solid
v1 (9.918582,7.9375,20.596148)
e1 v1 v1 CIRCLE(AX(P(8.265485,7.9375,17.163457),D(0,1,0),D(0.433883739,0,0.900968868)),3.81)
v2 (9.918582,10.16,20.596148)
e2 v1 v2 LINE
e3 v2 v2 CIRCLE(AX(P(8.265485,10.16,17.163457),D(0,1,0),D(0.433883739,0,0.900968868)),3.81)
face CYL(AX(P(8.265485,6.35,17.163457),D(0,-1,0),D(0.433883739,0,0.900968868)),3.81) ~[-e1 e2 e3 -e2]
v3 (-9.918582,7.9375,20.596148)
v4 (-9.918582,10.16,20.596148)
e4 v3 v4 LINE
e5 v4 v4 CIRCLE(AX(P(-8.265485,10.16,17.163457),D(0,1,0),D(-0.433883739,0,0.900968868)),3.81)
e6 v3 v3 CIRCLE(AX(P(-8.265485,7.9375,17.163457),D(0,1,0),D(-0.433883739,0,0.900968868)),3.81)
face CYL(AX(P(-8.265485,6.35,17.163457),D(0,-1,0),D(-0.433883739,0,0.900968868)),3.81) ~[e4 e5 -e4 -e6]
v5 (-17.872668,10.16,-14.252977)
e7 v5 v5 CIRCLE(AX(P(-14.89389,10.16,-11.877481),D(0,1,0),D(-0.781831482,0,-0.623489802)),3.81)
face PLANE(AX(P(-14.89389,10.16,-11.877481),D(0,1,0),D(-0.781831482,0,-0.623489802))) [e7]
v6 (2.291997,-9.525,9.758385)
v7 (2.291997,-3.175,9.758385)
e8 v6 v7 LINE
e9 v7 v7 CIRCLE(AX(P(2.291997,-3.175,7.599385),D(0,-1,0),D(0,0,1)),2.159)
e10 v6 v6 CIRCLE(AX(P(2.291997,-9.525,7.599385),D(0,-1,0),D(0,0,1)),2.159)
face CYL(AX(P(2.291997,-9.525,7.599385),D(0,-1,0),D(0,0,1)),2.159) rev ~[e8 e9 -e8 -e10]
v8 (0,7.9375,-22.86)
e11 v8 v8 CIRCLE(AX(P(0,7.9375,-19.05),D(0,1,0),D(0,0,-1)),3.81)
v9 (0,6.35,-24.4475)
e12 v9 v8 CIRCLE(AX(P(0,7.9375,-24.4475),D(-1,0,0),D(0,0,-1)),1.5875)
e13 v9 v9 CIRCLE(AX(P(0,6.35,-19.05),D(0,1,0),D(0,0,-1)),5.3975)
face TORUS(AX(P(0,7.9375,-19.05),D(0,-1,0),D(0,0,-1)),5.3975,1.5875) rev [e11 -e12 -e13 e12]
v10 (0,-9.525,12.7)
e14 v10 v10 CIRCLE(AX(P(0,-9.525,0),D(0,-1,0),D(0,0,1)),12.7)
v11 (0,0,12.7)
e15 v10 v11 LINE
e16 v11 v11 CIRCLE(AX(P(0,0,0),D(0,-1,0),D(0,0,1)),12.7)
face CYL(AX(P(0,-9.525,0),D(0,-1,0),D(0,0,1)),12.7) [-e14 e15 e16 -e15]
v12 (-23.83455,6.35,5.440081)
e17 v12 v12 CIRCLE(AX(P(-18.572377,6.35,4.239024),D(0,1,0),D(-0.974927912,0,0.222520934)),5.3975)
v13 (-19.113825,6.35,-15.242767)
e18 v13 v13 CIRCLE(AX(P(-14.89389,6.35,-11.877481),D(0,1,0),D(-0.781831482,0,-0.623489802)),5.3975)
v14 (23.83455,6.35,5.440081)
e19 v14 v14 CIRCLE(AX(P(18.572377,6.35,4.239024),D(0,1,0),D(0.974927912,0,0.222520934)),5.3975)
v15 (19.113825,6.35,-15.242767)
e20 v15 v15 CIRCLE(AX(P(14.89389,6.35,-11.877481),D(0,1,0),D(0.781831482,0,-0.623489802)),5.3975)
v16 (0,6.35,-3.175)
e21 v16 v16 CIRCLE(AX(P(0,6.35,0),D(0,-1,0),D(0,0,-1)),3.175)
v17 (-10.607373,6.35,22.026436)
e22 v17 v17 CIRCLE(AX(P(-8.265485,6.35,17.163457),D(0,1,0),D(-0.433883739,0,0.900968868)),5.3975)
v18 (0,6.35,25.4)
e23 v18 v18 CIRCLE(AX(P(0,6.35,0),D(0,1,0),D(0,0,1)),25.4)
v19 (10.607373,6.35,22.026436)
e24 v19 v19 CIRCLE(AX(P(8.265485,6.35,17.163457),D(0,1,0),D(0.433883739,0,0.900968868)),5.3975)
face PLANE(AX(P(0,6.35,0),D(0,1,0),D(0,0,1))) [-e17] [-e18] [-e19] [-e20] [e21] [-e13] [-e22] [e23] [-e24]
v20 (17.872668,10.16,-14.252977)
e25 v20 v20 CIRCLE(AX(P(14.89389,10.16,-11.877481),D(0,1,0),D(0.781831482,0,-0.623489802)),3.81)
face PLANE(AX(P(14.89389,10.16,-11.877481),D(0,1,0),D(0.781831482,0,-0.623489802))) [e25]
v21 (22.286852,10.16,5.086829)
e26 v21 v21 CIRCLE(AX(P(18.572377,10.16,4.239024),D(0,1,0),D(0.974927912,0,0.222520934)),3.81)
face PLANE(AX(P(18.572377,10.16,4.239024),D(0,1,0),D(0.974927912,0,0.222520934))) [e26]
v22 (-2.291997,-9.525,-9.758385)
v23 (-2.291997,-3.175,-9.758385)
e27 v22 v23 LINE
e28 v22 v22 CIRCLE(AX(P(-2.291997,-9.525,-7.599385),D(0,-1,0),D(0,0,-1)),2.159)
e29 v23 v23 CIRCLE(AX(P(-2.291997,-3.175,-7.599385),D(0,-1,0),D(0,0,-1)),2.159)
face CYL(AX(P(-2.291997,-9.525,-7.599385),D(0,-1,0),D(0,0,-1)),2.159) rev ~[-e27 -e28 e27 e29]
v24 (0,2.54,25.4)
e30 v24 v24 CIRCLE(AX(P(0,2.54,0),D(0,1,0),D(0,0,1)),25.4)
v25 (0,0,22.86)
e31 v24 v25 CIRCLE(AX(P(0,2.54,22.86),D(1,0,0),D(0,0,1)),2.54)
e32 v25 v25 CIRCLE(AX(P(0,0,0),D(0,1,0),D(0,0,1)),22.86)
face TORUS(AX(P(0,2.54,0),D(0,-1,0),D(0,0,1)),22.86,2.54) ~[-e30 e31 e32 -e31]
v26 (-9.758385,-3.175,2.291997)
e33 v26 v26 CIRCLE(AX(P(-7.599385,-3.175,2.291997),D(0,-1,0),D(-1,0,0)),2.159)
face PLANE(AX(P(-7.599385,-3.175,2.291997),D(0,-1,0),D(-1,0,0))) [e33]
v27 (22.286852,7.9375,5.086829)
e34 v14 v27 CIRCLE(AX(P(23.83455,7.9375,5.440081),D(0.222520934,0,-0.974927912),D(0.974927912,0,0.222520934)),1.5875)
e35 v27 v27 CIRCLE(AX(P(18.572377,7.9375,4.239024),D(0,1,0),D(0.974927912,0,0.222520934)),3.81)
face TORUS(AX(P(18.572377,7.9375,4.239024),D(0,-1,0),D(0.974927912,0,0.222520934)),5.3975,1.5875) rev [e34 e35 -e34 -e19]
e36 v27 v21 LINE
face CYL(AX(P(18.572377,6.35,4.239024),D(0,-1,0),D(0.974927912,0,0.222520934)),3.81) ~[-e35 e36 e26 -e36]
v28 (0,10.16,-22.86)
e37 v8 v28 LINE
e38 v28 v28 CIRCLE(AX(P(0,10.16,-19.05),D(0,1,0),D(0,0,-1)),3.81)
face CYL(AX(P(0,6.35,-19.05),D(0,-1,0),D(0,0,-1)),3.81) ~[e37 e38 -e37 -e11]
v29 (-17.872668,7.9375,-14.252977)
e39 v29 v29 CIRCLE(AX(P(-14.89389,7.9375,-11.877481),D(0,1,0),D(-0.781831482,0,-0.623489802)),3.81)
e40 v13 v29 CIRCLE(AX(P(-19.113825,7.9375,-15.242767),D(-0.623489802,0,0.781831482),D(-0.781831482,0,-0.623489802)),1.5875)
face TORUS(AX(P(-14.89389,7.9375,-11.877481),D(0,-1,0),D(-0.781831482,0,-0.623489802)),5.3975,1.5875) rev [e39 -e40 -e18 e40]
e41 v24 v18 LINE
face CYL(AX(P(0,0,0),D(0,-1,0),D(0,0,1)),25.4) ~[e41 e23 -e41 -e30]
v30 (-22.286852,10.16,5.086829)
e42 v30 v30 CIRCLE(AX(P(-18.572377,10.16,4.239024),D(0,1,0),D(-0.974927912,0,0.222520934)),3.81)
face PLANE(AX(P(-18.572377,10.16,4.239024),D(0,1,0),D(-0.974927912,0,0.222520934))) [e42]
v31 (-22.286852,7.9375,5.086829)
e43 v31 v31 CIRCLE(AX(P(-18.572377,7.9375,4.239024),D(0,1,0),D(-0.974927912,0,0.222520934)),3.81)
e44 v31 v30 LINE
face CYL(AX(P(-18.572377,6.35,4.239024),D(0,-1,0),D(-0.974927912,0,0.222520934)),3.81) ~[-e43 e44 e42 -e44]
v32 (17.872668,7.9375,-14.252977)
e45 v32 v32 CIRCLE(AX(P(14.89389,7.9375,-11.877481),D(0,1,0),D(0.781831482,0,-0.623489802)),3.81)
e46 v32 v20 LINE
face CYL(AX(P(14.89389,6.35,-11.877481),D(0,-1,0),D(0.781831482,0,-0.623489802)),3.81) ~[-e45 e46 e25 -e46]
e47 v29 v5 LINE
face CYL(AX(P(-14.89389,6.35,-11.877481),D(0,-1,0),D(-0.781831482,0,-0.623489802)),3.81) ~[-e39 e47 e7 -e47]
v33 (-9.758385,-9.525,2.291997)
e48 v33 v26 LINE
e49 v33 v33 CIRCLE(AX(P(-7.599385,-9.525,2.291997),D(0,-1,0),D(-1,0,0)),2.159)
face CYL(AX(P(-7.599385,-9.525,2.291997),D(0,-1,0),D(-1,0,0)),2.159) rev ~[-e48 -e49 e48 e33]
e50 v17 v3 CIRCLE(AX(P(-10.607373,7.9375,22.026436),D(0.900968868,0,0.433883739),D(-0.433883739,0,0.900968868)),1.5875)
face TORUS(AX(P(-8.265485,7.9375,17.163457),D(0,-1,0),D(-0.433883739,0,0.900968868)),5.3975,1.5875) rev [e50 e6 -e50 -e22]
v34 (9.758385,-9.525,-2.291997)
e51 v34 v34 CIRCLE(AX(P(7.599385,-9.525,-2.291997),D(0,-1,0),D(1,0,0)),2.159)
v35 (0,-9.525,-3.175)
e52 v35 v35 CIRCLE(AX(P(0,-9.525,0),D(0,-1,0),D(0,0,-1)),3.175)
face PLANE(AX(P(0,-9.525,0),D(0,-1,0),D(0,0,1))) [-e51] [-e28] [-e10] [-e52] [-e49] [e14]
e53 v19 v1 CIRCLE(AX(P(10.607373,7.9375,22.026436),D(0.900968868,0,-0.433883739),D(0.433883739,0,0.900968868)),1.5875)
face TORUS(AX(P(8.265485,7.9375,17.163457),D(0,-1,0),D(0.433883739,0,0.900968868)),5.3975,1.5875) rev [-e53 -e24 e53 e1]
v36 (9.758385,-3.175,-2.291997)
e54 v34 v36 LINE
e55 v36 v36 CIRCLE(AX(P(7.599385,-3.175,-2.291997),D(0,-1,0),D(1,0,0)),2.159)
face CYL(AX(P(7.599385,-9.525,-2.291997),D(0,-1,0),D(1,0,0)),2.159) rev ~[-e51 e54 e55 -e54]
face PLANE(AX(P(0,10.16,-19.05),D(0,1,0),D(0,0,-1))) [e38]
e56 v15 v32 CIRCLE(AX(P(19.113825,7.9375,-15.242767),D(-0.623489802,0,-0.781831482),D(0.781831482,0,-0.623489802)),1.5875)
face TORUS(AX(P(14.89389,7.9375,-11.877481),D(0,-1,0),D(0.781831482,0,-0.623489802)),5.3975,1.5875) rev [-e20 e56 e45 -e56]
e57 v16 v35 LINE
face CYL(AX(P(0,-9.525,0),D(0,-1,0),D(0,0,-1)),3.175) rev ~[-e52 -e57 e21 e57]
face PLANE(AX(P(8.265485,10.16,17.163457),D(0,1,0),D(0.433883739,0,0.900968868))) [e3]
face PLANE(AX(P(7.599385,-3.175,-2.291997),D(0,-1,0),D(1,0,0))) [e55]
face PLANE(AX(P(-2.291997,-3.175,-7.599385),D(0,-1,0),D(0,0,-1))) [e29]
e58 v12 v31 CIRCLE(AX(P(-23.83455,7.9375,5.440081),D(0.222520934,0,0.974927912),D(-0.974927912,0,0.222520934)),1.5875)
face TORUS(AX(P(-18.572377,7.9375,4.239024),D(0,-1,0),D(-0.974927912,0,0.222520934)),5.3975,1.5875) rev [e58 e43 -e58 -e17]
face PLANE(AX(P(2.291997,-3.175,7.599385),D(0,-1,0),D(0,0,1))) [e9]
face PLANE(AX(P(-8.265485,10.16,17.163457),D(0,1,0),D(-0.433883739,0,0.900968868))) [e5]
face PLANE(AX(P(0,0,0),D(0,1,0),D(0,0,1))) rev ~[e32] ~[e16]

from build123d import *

# Parameters (mm, degrees)
SKETCH1_R                = 25.4
BOSS_EXTRUDE1_DEPTH      = 6.35
SKETCH4_R                = 3.175
CUT_EXTRUDE2_DEPTH       = 6.35
SKETCH2_R                = 3.81
BOSS_EXTRUDE3_DEPTH      = 3.81
FILLET2_R                = 1.5875
CIRPATTERN1_COUNT        = 7
FILLET2_OF_CIRPATTERN1_R = 1.5875
FILLET1_R                = 2.54
SCALE1_SCALE             = 2
SCALE2_SCALE             = 2
SCALE3_SCALE             = 0.5
SCALE4_SCALE             = 0.5
BOSS_EXTRUDE4_START      = 9.525
SKETCH5_R                = 12.7
SKETCH5_R_2              = 3.175
BOSS_EXTRUDE4_DEPTH      = 9.525
SKETCH6_R                = 2.159
CUT_EXTRUDE3_DEPTH       = 6.35
CIRPATTERN2_COUNT        = 4


with BuildPart() as part:
    # Sketch1 → Boss-Extrude1 (new body)
    with BuildSketch(Plane(origin=(0, 0, 0), x_dir=(1, 0, 0), z_dir=(0, 1, 0))):
        with Locations(Location((0, 0, 0), (0, 0, 270))):
            Circle(SKETCH1_R)
    extrude(amount=BOSS_EXTRUDE1_DEPTH)

    # Sketch4 → Cut-Extrude2 (cut)
    with BuildSketch(Plane.XZ):
        with Locations(Location((0, 0, 0), (0, 0, 270))):
            Circle(SKETCH4_R)
    extrude(amount=-CUT_EXTRUDE2_DEPTH, mode=Mode.SUBTRACT)

    # Sketch2 → Boss-Extrude3 (add)
    with BuildSketch(Plane(origin=(0, 6.35, 0), x_dir=(1, 0, 0), z_dir=(0, 1, 0))):
        with Locations(Location((0, 19.05, 0), (0, 0, 90))):
            Circle(SKETCH2_R)
    boss_extrude3 = extrude(amount=BOSS_EXTRUDE3_DEPTH)

    # Fillet2
    fillet2_edges = [part.edges().sort_by_distance(p)[0] for p in [
        (0, 6.35, -15.24),
    ]]
    fillet(fillet2_edges, radius=FILLET2_R)

    # CirPattern1: Boss-Extrude3 ×7 about axis
    cirpattern1_axis = Axis((0, 0, 0), (0, 1, 0))
    for i in range(1, CIRPATTERN1_COUNT):
        add(boss_extrude3.rotate(cirpattern1_axis, i * 360 / CIRPATTERN1_COUNT))

    # Fillet2 of CirPattern1
    fillet2_of_cirpattern1_edges = [part.edges().sort_by_distance(p)[0] for p in [
        (-11.915111793, 6.35, -9.50198458),
        (-14.857901382, 6.35, 3.391219033),
        (-6.612388184, 6.35, 13.730765547),
        (6.612388184, 6.35, 13.730765547),
        (14.857901382, 6.35, 3.391219033),
        (11.915111793, 6.35, -9.50198458),
    ]]
    fillet(fillet2_of_cirpattern1_edges, radius=FILLET2_OF_CIRPATTERN1_R)

    # Fillet1
    fillet1_edges = [part.edges().sort_by_distance(p)[0] for p in [
        (0, 0, -25.4),
    ]]
    fillet(fillet1_edges, radius=FILLET1_R)


with BuildPart() as part_1:
    # Scale1: scaled about (0, 3.689877277, 0)
    add(part.part.scale(SCALE1_SCALE).moved(Location((0, -3.689877277, 0))))


with BuildPart() as part_2:
    # Scale2: scaled about (0, 3.689877276, 0)
    add(part_1.part.scale(SCALE2_SCALE).moved(Location((0, -3.689877276, 0))))


with BuildPart() as part_3:
    # Scale3: scaled about (0, 3.689877276, 0)
    add(part_2.part.scale(SCALE3_SCALE).moved(Location((0, 1.844938638, 0))))


with BuildPart() as part_4:
    # Scale4: scaled about (0, 3.689877276, 0)
    add(part_3.part.scale(SCALE4_SCALE).moved(Location((0, 1.844938638, 0))))

    # Sketch5 → Boss-Extrude4 (add)
    with BuildSketch(Plane.XZ.offset(BOSS_EXTRUDE4_START)):
        with Locations(Location((0, 0, 0), (0, 0, 90))):
            Circle(SKETCH5_R)
        with Locations(Location((0, 0, 0), (0, 0, 270))):
            Circle(SKETCH5_R_2, mode=Mode.SUBTRACT)
    extrude(amount=-BOSS_EXTRUDE4_DEPTH)

    # Sketch6 → Cut-Extrude3 (cut)
    with BuildSketch(Plane.XZ.offset(9.525)):
        with Locations(Location((-2.291996867, -7.599385279, 0), (0, 0, 270))):
            Circle(SKETCH6_R)
    cut_extrude3 = extrude(amount=-CUT_EXTRUDE3_DEPTH, mode=Mode.SUBTRACT)

    # CirPattern2: Cut-Extrude3 ×4 about axis
    cirpattern2_axis = Axis((0, 0, 0), (0, 1, 0))
    for i in range(1, CIRPATTERN2_COUNT):
        add(cut_extrude3.rotate(cirpattern2_axis, i * 360 / CIRPATTERN2_COUNT), mode=Mode.SUBTRACT)


solid = part_4.part
